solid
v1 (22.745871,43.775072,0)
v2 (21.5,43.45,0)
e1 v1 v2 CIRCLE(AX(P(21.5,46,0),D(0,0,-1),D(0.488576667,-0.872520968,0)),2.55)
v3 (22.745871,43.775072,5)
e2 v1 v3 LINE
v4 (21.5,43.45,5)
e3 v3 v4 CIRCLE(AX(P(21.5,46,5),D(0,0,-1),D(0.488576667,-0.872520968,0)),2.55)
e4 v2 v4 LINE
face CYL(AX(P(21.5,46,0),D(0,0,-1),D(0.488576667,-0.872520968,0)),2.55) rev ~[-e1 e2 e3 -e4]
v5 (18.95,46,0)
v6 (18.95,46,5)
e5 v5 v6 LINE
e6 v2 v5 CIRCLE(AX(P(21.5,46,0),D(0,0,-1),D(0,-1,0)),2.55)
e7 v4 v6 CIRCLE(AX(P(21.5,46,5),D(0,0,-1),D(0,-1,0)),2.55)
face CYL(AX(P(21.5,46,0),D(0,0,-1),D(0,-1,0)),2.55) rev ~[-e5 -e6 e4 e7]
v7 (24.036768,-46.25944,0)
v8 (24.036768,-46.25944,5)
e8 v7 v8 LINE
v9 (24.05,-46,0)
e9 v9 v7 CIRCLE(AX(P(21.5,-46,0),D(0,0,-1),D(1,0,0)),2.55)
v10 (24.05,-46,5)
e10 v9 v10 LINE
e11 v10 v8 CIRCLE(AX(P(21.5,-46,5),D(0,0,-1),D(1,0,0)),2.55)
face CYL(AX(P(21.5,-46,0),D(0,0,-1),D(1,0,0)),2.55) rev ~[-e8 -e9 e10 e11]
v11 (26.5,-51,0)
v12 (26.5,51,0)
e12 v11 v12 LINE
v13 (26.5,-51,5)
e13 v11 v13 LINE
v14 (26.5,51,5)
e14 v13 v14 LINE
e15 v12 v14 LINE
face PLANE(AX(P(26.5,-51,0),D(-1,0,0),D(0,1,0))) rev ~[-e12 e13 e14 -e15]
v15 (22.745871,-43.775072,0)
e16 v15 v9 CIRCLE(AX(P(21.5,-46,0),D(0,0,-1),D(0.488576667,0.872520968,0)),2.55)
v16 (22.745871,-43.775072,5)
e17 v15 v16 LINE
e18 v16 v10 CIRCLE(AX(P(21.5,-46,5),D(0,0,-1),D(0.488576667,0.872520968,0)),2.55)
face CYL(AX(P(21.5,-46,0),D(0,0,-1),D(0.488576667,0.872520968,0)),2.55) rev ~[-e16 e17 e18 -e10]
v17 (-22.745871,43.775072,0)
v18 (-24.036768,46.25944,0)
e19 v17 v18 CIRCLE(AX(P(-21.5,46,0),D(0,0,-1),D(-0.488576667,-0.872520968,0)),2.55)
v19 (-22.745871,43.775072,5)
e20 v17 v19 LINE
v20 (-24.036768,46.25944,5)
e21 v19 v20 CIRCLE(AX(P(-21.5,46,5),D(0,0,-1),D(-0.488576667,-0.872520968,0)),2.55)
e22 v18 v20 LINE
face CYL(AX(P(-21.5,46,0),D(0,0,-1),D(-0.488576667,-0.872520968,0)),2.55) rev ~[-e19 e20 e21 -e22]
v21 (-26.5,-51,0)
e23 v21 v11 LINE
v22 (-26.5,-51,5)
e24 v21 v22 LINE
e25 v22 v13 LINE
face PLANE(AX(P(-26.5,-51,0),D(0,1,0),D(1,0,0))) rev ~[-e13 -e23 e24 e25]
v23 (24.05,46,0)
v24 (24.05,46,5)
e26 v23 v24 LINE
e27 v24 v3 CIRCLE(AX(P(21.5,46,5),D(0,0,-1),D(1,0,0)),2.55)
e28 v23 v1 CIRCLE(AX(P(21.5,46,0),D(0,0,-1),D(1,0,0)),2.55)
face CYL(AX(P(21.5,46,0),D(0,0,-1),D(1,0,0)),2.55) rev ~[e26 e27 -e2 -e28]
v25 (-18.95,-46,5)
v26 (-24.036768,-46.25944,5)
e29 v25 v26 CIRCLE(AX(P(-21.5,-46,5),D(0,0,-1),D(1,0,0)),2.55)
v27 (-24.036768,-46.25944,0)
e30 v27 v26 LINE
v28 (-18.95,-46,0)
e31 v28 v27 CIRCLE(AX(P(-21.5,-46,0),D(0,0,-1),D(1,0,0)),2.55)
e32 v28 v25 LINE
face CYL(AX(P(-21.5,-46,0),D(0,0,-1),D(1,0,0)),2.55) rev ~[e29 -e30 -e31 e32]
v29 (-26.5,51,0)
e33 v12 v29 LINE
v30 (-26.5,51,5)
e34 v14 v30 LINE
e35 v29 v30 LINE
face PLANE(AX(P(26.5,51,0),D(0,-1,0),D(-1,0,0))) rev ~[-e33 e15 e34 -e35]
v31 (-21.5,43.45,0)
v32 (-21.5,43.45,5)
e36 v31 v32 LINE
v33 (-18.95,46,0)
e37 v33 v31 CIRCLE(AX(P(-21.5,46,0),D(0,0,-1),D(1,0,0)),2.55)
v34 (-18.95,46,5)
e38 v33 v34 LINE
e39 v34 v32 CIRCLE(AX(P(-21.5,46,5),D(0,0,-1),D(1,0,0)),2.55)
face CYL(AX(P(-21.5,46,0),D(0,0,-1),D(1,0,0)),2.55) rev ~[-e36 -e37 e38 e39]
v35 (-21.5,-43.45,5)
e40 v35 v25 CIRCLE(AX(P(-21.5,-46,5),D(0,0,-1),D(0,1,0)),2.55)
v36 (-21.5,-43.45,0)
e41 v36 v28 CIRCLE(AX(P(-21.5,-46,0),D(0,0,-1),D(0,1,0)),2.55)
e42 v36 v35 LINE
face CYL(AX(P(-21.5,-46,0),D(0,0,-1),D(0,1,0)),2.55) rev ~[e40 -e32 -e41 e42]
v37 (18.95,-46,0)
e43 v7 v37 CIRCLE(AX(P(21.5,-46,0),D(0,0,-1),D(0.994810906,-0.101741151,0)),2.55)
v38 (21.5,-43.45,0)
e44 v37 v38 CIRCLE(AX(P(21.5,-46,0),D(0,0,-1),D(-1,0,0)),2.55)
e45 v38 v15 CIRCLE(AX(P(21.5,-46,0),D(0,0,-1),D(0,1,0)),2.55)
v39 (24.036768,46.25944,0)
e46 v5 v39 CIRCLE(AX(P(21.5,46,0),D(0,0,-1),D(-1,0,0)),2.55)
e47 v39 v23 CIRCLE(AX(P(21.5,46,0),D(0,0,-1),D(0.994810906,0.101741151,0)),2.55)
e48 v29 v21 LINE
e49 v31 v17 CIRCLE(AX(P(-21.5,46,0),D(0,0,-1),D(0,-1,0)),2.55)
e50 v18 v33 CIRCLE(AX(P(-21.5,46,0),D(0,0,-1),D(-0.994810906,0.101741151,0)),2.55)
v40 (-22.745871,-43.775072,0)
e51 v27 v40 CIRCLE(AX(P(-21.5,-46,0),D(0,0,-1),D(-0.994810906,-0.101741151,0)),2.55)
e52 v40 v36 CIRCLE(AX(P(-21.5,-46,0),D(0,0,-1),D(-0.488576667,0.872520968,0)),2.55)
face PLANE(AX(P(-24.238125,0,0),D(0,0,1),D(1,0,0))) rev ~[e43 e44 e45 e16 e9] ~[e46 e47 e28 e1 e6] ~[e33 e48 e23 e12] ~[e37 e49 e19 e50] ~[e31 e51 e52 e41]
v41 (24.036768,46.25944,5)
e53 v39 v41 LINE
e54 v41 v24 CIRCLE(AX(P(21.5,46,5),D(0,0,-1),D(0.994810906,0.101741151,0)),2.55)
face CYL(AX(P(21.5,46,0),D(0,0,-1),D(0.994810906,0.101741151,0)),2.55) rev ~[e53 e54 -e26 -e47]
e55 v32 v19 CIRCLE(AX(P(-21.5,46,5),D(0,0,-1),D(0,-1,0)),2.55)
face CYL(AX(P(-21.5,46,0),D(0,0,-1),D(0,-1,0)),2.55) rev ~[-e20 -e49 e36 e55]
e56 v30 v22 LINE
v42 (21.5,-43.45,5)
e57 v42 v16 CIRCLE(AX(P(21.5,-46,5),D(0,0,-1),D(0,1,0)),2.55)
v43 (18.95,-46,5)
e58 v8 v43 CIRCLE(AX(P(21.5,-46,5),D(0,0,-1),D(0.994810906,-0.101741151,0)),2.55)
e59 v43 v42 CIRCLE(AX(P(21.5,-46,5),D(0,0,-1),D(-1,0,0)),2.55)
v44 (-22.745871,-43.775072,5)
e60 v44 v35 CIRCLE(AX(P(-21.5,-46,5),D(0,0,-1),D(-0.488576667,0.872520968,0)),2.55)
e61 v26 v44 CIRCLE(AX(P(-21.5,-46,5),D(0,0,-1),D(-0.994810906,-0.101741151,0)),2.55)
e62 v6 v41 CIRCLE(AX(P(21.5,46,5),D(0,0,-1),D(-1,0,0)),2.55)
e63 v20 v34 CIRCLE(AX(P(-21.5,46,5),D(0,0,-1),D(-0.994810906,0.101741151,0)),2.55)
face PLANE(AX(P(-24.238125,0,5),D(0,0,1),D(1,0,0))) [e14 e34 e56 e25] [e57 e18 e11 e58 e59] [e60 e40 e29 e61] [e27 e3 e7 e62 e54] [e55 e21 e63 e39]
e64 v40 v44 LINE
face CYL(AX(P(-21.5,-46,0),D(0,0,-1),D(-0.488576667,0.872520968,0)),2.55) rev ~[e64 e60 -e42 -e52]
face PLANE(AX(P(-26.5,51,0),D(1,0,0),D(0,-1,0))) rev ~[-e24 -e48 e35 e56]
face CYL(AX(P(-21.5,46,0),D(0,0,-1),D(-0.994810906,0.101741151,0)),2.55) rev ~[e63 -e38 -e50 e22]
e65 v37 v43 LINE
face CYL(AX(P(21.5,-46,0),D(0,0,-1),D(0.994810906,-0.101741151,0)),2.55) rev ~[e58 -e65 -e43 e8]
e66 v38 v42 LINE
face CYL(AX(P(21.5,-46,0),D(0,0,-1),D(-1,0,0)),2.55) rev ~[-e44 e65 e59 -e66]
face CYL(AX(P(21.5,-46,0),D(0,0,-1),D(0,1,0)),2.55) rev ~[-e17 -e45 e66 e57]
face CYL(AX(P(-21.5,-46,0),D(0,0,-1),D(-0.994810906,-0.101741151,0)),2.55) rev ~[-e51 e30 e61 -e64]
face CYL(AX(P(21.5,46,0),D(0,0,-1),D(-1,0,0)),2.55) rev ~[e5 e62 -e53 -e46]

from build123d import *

# Parameters (mm, degrees)
F1_DEPTH = 5


with BuildPart() as f1:
    # F0 (on Top) → F1 (new body)
    with BuildSketch(Plane.XY):
        with BuildLine():
            Line((-24.0367678096, 46.2594399355), (-26.5, 51))
            Line((-26.5, 51), (-26.5, -51))
            Line((-26.5, -51), (-24.0367678096, -46.2594399355))
            ThreePointArc((-24.0367678096, -46.2594399355), (-23.7627659491, -44.8242490657), (-22.7458705011, -43.7750715305))
            Line((-22.7458705011, -43.7750715305), (-21.5, -41.3773584906))
            Line((-21.5, -41.3773584906), (-21.5, 41.3773584906))
            Line((-21.5, 41.3773584906), (-22.7458705011, 43.7750715305))
            ThreePointArc((-22.7458705011, 43.7750715305), (-23.7627659491, 44.8242490657), (-24.0367678096, 46.2594399355))
        make_face()
        with BuildLine():
            Line((26.5, 51), (-26.5, 51))
            Line((-26.5, 51), (-24.0367678096, 46.2594399355))
            ThreePointArc((-24.0367678096, 46.2594399355), (-21.3701114218, 48.5466898039), (-18.95, 46))
            Line((-18.95, 46), (18.95, 46))
            ThreePointArc((18.95, 46), (21.3701114218, 48.5466898039), (24.0367678096, 46.2594399355))
            Line((24.0367678096, 46.2594399355), (26.5, 51))
        make_face()
        with BuildLine():
            Line((26.5, -51), (26.5, 51))
            Line((26.5, 51), (24.0367678096, 46.2594399355))
            ThreePointArc((24.0367678096, 46.2594399355), (24.0466898039, 46.1298885782), (24.05, 46))
            ThreePointArc((24.05, 46), (23.6999397467, 44.7105175026), (22.7458705011, 43.7750715305))
            Line((22.7458705011, 43.7750715305), (21.5, 41.3773584906))
            Line((21.5, 41.3773584906), (21.5, -41.3773584906))
            Line((21.5, -41.3773584906), (22.7458705011, -43.7750715305))
            ThreePointArc((22.7458705011, -43.7750715305), (23.6999397467, -44.7105175026), (24.05, -46))
            ThreePointArc((24.05, -46), (24.0466898039, -46.1298885782), (24.0367678096, -46.2594399355))
            Line((24.0367678096, -46.2594399355), (26.5, -51))
        make_face()
        with BuildLine():
            Line((-24.0367678096, -46.2594399355), (-26.5, -51))
            Line((-26.5, -51), (26.5, -51))
            Line((26.5, -51), (24.0367678096, -46.2594399355))
            ThreePointArc((24.0367678096, -46.2594399355), (21.3701114218, -48.5466898039), (18.95, -46))
            Line((18.95, -46), (-18.95, -46))
            ThreePointArc((-18.95, -46), (-21.3701114218, -48.5466898039), (-24.0367678096, -46.2594399355))
        make_face()
        with BuildLine():
            ThreePointArc((-21.5, -43.45), (-19.696877708, -44.196877708), (-18.95, -46))
            Line((-18.95, -46), (18.95, -46))
            ThreePointArc((18.95, -46), (19.696877708, -44.196877708), (21.5, -43.45))
            Line((21.5, -43.45), (21.5, -41.3773584906))
            Line((21.5, -41.3773584906), (0, 0))
            Line((0, 0), (-21.5, -41.3773584906))
            Line((-21.5, -41.3773584906), (-21.5, -43.45))
        make_face()
        Polygon((21.5, -41.3773584906), (21.5, 41.3773584906), (0, 0), align=None)
        with BuildLine():
            Line((18.95, 46), (-18.95, 46))
            ThreePointArc((-18.95, 46), (-19.696877708, 44.196877708), (-21.5, 43.45))
            Line((-21.5, 43.45), (-21.5, 41.3773584906))
            Line((-21.5, 41.3773584906), (0, 0))
            Line((0, 0), (21.5, 41.3773584906))
            Line((21.5, 41.3773584906), (21.5, 43.45))
            ThreePointArc((21.5, 43.45), (19.696877708, 44.196877708), (18.95, 46))
        make_face()
        Polygon((0, 0), (-21.5, 41.3773584906), (-21.5, -41.3773584906), align=None)
        with BuildLine():
            ThreePointArc((21.5, -43.45), (22.143790495, -43.5326058688), (22.7458705011, -43.7750715305))
            Line((22.7458705011, -43.7750715305), (21.5, -41.3773584906))
            Line((21.5, -41.3773584906), (21.5, -43.45))
        make_face()
        with BuildLine():
            Line((-21.5, -41.3773584906), (-22.7458705011, -43.7750715305))
            ThreePointArc((-22.7458705011, -43.7750715305), (-22.143790495, -43.5326058688), (-21.5, -43.45))
            Line((-21.5, -43.45), (-21.5, -41.3773584906))
        make_face()
        with BuildLine():
            Line((21.5, 41.3773584906), (22.7458705011, 43.7750715305))
            ThreePointArc((22.7458705011, 43.7750715305), (22.143790495, 43.5326058688), (21.5, 43.45))
            Line((21.5, 43.45), (21.5, 41.3773584906))
        make_face()
        with BuildLine():
            ThreePointArc((-21.5, 43.45), (-22.143790495, 43.5326058688), (-22.7458705011, 43.7750715305))
            Line((-22.7458705011, 43.7750715305), (-21.5, 41.3773584906))
            Line((-21.5, 41.3773584906), (-21.5, 43.45))
        make_face()
    extrude(amount=F1_DEPTH)


solid = f1.part
